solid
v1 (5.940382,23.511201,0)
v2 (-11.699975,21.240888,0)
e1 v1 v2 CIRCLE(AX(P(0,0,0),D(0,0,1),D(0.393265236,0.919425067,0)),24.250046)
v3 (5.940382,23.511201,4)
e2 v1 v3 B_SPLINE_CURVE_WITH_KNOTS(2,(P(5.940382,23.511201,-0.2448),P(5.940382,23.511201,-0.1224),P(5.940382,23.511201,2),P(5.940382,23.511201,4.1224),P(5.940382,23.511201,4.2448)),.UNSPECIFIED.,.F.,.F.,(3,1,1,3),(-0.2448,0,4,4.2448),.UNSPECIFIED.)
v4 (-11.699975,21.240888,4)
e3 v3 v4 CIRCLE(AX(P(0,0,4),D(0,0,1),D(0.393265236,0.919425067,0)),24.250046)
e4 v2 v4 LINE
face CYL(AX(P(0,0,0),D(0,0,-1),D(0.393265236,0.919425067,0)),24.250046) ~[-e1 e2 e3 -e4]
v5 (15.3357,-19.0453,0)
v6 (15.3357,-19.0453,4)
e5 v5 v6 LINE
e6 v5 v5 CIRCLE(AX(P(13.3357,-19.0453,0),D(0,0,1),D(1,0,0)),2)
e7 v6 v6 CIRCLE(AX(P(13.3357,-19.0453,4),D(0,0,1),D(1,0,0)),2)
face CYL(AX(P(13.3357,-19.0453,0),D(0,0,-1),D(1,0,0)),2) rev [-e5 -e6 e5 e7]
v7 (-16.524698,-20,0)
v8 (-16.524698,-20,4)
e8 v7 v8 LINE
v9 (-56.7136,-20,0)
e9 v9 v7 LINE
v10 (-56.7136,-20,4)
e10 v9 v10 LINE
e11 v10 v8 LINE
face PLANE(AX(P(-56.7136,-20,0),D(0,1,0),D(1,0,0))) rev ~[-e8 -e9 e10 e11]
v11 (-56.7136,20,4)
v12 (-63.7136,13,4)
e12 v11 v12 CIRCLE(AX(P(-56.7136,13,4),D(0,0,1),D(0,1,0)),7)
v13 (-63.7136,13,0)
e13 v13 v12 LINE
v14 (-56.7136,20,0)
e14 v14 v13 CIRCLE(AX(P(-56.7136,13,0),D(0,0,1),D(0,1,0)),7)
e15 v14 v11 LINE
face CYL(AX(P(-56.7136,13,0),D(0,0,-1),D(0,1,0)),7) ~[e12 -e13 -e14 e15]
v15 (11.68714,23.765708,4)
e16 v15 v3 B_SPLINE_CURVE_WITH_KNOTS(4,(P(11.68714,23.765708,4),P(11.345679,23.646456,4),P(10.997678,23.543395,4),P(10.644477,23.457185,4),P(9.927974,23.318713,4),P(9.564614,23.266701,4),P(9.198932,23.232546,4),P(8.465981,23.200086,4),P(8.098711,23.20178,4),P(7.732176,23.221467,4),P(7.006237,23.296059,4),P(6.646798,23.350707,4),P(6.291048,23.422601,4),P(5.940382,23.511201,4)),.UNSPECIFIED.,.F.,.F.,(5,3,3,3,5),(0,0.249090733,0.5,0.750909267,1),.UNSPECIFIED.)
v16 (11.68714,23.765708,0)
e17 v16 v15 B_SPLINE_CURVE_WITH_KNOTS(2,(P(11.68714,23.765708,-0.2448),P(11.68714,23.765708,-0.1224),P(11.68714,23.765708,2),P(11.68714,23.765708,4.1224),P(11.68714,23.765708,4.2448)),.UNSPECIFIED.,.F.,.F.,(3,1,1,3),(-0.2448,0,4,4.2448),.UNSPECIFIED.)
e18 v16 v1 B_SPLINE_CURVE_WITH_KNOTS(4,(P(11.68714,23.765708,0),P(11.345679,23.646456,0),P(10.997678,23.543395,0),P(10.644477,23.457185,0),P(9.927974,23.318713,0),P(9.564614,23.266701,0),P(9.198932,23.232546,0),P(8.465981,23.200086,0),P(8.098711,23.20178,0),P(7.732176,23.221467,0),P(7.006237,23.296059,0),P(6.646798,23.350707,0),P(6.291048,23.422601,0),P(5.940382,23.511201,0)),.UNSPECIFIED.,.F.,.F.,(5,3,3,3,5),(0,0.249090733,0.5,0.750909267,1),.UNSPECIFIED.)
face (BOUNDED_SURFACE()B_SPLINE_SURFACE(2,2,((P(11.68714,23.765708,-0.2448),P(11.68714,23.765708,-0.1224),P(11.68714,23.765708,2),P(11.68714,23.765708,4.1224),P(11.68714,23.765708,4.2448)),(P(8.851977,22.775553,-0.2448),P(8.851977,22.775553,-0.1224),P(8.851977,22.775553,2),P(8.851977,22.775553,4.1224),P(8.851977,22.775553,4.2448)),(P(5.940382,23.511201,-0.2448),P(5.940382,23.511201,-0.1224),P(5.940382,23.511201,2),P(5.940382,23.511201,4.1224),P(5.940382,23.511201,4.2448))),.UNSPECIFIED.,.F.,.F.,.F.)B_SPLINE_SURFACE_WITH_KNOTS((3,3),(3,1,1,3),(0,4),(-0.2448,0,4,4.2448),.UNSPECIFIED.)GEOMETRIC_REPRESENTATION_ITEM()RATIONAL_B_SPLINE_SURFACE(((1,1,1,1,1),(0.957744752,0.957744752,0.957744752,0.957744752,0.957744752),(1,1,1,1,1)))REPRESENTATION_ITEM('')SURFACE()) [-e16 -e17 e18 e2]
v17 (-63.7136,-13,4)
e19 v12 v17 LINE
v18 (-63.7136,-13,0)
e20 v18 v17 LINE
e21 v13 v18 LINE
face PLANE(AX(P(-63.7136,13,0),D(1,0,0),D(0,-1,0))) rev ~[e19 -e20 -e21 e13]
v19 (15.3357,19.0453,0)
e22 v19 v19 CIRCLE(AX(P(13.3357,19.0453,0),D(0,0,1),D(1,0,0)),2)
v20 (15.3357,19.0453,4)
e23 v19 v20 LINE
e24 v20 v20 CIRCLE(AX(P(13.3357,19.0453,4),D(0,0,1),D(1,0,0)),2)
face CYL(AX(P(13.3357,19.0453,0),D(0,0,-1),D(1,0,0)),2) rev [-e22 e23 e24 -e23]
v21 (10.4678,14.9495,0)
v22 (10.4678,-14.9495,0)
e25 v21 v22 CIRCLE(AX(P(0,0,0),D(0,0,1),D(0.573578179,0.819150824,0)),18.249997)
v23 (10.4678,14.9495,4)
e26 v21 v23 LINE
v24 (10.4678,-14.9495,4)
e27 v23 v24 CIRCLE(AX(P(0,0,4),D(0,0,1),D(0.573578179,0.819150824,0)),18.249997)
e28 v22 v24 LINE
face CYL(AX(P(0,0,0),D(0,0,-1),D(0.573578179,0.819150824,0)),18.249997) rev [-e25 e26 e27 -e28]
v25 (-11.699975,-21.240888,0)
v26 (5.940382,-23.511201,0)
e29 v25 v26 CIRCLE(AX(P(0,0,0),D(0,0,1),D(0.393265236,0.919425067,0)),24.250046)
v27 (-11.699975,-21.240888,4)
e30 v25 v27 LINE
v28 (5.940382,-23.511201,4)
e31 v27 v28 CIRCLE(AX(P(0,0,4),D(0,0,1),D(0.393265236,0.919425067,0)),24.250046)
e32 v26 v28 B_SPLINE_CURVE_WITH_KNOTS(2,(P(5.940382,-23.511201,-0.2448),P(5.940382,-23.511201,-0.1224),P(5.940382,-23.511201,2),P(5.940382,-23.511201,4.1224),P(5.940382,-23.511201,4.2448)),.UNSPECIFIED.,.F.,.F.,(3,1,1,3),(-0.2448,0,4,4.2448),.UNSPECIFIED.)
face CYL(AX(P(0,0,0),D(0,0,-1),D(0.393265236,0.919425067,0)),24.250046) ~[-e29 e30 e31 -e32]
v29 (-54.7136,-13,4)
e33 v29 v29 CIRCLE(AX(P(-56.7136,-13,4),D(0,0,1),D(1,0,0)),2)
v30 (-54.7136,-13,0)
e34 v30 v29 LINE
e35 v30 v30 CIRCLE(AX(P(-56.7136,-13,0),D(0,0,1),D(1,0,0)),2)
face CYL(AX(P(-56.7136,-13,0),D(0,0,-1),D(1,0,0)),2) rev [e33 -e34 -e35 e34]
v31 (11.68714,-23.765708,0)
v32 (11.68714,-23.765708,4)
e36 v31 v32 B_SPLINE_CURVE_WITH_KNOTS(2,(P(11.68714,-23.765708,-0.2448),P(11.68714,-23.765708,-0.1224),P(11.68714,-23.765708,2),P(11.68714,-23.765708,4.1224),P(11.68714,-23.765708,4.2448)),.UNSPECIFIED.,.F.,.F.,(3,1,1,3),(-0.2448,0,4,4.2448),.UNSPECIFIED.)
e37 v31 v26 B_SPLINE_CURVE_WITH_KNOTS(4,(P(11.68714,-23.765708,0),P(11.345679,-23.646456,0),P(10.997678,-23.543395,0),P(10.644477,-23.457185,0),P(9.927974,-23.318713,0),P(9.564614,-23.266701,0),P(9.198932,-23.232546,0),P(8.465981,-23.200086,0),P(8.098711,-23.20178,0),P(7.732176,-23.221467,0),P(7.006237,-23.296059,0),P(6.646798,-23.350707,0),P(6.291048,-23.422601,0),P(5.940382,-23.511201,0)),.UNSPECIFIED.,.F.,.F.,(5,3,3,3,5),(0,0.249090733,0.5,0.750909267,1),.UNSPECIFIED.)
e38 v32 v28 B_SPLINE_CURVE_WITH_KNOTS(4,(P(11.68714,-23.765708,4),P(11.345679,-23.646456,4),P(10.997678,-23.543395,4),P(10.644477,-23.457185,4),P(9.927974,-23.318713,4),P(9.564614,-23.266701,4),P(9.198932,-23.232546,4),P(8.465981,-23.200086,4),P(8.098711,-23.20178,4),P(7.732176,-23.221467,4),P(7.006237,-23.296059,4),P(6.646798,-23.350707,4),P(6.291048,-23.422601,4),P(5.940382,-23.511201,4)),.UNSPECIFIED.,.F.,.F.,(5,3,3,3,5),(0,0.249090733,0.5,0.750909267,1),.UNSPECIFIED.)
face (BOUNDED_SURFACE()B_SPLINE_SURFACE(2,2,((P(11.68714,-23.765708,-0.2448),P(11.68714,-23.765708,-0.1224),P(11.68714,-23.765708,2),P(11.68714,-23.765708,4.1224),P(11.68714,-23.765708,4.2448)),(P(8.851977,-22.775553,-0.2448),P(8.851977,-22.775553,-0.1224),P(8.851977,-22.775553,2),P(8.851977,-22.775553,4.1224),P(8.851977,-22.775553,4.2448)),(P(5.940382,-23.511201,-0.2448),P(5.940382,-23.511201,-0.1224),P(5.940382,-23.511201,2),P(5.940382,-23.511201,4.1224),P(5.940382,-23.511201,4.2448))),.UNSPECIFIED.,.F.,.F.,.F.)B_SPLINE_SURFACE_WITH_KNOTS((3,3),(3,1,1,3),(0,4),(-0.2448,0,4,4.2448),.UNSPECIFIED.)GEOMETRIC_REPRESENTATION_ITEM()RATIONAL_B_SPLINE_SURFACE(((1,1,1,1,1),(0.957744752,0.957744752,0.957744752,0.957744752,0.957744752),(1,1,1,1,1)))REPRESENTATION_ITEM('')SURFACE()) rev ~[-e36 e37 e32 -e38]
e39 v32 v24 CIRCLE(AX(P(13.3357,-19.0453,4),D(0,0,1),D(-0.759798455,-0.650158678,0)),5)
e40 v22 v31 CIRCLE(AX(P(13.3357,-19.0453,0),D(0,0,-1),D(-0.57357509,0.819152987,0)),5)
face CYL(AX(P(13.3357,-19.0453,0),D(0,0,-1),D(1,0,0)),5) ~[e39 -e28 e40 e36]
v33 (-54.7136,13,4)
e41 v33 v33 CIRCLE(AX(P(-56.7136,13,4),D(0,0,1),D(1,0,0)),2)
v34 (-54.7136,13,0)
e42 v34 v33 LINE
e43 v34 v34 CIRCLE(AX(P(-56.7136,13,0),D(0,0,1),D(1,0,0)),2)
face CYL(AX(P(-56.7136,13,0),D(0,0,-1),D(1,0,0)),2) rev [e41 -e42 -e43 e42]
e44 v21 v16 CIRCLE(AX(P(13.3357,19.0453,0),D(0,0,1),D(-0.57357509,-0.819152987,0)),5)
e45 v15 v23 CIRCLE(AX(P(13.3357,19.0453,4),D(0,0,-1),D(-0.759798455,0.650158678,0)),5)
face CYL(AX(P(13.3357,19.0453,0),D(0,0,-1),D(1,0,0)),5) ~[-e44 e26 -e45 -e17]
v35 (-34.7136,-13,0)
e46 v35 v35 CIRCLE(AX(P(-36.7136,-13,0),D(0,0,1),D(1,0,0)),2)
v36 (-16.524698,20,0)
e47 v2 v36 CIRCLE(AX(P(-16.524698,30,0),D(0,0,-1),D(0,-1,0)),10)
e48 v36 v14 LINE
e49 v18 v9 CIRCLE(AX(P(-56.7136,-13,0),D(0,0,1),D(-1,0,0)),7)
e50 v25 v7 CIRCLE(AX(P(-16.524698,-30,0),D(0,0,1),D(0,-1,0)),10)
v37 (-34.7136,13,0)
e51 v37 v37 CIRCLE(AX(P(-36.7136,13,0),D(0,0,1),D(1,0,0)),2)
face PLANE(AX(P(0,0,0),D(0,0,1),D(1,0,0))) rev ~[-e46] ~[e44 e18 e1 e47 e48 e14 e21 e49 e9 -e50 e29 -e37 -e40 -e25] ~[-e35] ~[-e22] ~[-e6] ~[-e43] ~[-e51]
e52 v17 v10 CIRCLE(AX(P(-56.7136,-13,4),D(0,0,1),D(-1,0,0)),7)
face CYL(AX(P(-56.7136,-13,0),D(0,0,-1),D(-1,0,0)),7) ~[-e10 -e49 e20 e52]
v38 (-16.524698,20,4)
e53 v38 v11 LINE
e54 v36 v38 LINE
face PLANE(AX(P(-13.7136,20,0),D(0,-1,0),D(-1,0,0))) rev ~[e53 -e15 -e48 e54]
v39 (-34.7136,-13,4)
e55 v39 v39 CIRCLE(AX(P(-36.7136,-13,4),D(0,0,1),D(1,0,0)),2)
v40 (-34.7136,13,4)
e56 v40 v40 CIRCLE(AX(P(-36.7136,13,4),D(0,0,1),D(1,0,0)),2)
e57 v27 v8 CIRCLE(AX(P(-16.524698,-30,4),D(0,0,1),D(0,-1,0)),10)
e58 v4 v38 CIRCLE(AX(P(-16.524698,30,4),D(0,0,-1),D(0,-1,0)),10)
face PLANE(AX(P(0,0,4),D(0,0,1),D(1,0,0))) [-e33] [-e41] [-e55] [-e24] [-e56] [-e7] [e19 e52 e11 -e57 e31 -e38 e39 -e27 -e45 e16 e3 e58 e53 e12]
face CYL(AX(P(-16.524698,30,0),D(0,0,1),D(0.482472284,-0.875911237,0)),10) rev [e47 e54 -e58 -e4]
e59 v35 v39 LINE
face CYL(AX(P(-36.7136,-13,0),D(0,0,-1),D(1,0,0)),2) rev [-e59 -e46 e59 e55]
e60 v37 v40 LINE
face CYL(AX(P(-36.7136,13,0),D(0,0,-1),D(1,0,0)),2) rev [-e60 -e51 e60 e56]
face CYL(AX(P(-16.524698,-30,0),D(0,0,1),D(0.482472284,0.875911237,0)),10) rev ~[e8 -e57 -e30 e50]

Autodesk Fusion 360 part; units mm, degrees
sketch "Sketch1" plane through (0, 0, 0) normal (0, 0, 1) x (1, 0, 0)
  circle A0 centre (13.3357, 19.0453) radius 5
  circle A1 centre (13.3357, -19.0453) radius 5
  line L0 (0, 0) -> (80.5902, 0) construction
  line L1 (0, 0) -> (13.3357, 19.0453) construction
  arc A2 (10.4678, 14.9495) -> (10.4678, -14.9495) centre (0, 0) ccw
  arc A3 (9.5367, 22.2961) -> (9.5367, -22.2961) centre (0, 0) ccw
  line L2 (-13.7136, 20) -> (-56.7136, 20)
  line L3 (-56.7136, -20) -> (-13.7136, -20)
  line L4 (0, 0) -> (-230.6085, 0) construction
  circle A4 centre (13.3357, 19.0453) radius 2
  circle A5 centre (13.3357, -19.0453) radius 2
  line L5 (-63.7136, 13) -> (-63.7136, -13)
  arc A6 (-56.7136, 20) -> (-63.7136, 13) centre (-56.7136, 13) ccw
  arc A7 (-63.7136, -13) -> (-56.7136, -20) centre (-56.7136, -13) ccw
  circle A8 centre (-56.7136, 13) radius 2
  circle A9 centre (-56.7136, -13) radius 2
  circle A10 centre (-36.7136, 13) radius 2
  circle A11 centre (-36.7136, -13) radius 2
  point P0 (-63.7136, 20)
  point P1 (-63.7136, -20)
  dimension "d1" = 36.5
  dimension "d2" = 6
  dimension "d3" = 55
  dimension "d4" = 10
  dimension "d5" = 40
  dimension "d23" = 4
  dimension "d25" = 50
  dimension "d26" = 7
  dimension "d27" = 4
  dimension "d30" = 20
extrude "Extrude1" add sketch "Sketch1" along normal blind 4
fillet "Fillet1" radius 10 4 edges at (9.5367, 22.2961, 2) (-13.7136, 20, 2) (9.5367, -22.2961, 2) (-13.7136, -20, 2)
